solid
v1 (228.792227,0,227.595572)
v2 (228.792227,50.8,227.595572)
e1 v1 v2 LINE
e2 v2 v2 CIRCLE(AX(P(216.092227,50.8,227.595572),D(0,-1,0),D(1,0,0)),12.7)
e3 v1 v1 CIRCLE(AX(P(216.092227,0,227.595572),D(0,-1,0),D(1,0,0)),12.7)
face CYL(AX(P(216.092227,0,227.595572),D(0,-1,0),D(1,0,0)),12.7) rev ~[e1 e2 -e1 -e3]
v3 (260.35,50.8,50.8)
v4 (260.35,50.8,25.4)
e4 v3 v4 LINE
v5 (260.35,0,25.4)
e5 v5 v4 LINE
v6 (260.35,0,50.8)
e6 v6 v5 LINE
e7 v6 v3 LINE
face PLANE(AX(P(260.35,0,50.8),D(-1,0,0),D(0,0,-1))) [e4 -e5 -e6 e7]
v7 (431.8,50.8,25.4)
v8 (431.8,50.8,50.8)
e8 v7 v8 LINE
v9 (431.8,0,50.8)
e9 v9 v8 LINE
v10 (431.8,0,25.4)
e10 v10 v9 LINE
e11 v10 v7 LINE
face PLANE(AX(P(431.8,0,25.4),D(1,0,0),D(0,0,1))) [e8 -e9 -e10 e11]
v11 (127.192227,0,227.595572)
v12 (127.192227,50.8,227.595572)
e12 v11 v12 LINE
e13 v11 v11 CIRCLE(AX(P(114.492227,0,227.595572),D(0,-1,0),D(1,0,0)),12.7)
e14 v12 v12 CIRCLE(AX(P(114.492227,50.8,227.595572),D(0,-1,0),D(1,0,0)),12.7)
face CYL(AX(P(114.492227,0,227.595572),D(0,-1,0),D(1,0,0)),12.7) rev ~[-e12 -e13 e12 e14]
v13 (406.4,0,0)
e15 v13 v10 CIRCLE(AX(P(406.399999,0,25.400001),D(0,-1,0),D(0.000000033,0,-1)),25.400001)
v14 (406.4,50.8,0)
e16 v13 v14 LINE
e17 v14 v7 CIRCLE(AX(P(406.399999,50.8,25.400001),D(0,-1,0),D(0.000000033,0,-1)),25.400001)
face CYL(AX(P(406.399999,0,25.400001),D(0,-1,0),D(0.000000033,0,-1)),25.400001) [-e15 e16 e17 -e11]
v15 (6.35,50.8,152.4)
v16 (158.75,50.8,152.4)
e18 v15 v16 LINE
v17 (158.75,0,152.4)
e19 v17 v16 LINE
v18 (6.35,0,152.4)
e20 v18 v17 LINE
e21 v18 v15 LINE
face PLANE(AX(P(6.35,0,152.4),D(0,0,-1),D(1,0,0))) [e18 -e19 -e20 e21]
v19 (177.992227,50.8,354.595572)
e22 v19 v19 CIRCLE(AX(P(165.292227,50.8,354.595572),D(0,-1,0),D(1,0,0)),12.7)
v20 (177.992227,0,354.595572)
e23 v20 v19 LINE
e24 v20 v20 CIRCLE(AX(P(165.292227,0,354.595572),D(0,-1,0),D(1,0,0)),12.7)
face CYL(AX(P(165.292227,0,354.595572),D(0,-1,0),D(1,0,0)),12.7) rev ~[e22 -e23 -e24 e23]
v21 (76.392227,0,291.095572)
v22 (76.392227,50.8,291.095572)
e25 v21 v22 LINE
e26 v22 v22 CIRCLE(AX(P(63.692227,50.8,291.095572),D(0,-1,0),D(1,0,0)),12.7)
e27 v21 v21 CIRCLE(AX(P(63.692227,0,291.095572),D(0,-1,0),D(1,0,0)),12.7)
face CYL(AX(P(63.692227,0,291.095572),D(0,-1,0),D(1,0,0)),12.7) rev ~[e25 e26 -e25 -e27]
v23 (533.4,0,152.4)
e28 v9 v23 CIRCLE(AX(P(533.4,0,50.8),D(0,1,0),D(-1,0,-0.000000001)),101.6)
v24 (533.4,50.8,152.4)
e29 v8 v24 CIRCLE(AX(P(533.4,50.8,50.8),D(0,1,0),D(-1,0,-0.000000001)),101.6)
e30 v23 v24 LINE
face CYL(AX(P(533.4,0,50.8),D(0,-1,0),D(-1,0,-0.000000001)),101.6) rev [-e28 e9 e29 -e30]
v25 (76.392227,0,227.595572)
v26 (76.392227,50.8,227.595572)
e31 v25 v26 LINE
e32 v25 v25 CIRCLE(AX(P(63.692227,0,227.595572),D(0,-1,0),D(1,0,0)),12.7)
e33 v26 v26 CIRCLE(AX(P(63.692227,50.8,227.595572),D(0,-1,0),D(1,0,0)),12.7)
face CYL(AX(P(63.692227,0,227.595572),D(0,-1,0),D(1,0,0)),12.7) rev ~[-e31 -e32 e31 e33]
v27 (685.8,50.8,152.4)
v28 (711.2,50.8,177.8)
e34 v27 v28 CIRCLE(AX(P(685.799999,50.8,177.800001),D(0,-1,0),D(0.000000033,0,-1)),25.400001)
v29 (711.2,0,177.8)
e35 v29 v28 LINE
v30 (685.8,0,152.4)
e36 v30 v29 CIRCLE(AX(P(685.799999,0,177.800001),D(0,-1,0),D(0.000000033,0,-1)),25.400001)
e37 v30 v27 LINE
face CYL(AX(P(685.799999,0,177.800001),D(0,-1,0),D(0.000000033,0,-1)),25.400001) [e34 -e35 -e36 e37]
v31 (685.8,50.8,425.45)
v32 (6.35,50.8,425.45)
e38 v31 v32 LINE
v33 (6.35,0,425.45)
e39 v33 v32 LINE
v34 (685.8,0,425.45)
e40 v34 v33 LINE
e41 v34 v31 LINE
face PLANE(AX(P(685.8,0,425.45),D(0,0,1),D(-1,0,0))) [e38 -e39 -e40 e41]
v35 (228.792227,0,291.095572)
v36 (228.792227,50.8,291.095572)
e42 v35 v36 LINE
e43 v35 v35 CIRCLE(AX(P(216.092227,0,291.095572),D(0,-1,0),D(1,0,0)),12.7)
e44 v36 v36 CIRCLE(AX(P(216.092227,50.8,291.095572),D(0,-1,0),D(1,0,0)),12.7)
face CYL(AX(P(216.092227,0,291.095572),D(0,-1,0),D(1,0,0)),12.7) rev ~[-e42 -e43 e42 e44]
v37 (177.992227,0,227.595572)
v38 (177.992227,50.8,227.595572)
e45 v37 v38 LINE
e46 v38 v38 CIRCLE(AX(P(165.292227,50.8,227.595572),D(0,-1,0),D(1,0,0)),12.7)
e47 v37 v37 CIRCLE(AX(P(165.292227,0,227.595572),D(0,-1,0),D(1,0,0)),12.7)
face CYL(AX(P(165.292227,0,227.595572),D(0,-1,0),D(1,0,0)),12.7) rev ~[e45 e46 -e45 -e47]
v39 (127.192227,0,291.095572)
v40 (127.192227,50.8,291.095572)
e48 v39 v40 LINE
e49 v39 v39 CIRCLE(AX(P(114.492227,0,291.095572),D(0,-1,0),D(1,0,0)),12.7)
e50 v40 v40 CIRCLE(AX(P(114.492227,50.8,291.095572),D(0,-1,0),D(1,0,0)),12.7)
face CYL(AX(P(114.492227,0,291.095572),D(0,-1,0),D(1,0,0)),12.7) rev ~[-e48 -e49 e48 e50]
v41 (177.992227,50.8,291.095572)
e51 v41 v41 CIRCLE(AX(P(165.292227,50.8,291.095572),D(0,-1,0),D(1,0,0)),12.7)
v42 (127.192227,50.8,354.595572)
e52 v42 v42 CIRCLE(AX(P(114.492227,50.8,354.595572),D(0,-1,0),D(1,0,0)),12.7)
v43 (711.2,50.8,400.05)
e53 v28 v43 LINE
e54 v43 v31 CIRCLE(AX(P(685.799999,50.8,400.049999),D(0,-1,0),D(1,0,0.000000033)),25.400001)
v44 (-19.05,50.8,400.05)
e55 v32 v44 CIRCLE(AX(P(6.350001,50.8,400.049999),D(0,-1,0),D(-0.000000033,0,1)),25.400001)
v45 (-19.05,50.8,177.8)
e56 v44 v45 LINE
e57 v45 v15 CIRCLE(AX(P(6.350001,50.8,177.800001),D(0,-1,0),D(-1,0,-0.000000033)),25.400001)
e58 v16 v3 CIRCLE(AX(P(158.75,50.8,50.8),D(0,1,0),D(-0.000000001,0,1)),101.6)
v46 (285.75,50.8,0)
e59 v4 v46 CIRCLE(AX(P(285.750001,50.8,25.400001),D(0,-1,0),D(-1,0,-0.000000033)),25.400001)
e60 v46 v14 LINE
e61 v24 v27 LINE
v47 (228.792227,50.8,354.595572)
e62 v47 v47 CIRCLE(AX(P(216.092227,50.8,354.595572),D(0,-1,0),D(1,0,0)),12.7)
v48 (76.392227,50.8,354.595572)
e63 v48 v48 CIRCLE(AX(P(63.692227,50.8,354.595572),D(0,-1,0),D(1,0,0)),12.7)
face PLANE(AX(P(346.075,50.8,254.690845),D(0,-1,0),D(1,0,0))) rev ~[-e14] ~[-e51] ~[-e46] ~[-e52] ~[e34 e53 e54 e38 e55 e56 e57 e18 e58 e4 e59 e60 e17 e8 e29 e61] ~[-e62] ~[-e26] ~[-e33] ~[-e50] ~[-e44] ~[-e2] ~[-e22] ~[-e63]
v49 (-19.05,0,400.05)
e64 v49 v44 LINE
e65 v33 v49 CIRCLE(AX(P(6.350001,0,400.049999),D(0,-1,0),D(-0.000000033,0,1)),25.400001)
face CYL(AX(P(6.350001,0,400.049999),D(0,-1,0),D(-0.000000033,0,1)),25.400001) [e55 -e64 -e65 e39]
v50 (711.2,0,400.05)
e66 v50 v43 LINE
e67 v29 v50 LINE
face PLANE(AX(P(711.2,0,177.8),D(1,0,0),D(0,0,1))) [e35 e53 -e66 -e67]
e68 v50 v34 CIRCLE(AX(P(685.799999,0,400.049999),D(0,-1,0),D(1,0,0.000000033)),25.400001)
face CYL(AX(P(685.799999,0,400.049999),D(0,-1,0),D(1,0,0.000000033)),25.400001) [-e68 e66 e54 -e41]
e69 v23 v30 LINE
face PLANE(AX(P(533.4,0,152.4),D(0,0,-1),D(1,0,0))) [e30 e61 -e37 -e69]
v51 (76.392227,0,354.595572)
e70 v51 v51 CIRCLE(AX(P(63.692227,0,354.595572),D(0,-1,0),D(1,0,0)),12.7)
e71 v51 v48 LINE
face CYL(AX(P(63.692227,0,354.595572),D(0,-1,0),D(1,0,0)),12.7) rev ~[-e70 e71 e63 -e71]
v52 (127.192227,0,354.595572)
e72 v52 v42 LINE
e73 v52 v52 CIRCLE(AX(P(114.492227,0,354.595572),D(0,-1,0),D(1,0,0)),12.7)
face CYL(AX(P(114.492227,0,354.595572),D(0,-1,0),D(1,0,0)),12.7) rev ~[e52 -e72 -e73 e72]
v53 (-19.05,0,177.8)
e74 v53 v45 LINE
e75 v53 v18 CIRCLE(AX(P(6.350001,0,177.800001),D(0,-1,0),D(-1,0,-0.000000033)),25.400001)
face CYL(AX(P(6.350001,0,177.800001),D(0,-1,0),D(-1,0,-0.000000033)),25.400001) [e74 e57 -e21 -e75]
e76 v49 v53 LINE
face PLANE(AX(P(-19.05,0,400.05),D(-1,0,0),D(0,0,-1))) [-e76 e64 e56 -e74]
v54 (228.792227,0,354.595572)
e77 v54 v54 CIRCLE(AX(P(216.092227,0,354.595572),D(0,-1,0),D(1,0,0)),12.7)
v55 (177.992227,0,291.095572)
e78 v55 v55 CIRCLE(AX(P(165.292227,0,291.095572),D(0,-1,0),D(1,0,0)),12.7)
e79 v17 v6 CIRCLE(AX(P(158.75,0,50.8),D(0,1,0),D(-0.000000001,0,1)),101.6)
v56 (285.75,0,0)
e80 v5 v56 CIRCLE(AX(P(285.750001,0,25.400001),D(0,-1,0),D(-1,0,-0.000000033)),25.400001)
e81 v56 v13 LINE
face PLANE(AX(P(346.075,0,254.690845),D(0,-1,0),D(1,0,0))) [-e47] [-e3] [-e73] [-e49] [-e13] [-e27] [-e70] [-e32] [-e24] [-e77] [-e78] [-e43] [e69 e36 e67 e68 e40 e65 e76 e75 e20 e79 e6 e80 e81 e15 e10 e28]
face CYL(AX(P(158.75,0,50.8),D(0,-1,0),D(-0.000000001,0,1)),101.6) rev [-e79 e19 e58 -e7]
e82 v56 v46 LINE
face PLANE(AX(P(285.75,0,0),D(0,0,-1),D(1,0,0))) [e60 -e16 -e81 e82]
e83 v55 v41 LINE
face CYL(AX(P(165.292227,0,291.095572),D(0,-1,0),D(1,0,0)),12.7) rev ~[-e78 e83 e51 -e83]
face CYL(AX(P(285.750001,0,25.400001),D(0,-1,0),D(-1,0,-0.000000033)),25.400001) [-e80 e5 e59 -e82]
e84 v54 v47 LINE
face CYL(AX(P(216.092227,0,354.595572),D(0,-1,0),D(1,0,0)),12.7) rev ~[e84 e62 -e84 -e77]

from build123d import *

# Parameters (mm, degrees)
F0_R     = 12.7
F1_DEPTH = 50.8


with BuildPart() as f1:
    # F0 (on Front) → F1 (new body)
    with BuildSketch(Plane.XZ):
        with BuildLine():
            ThreePointArc((260.35, 25.4), (267.789488, 7.439488), (285.75, 0))
            Line((285.75, 0), (406.4, 0))
            ThreePointArc((406.4, 0), (424.360512, 7.439488), (431.8, 25.4))
            Line((431.8, 25.4), (431.8, 50.8))
            ThreePointArc((431.8, 50.8), (461.557951, 122.642049), (533.4, 152.4))
            Line((533.4, 152.4), (685.8, 152.4))
            ThreePointArc((685.8, 152.4), (703.760512, 159.839488), (711.2, 177.8))
            Line((711.2, 177.8), (711.2, 400.05))
            ThreePointArc((711.2, 400.05), (703.760512, 418.010512), (685.8, 425.45))
            Line((685.8, 425.45), (6.35, 425.45))
            ThreePointArc((6.35, 425.45), (-11.610512, 418.010512), (-19.05, 400.05))
            Line((-19.05, 400.05), (-19.05, 177.8))
            ThreePointArc((-19.05, 177.8), (-11.610512, 159.839488), (6.35, 152.4))
            Line((6.35, 152.4), (158.75, 152.4))
            ThreePointArc((158.75, 152.4), (230.592049, 122.642049), (260.35, 50.8))
            Line((260.35, 50.8), (260.35, 25.4))
        make_face()
        with Locations((63.692227, 227.595572)):
            Circle(F0_R, mode=Mode.SUBTRACT)
        with Locations((114.492227, 227.595572)):
            Circle(F0_R, mode=Mode.SUBTRACT)
        with Locations((63.692227, 291.095572)):
            Circle(F0_R, mode=Mode.SUBTRACT)
        with Locations((114.492227, 291.095572)):
            Circle(F0_R, mode=Mode.SUBTRACT)
        with Locations((165.292227, 227.595572)):
            Circle(F0_R, mode=Mode.SUBTRACT)
        with Locations((216.092227, 227.595572)):
            Circle(F0_R, mode=Mode.SUBTRACT)
        with Locations((165.292227, 291.095572)):
            Circle(F0_R, mode=Mode.SUBTRACT)
        with Locations((216.092227, 291.095572)):
            Circle(F0_R, mode=Mode.SUBTRACT)
        with Locations((63.692227, 354.595572)):
            Circle(F0_R, mode=Mode.SUBTRACT)
        with Locations((114.492227, 354.595572)):
            Circle(F0_R, mode=Mode.SUBTRACT)
        with Locations((165.292227, 354.595572)):
            Circle(F0_R, mode=Mode.SUBTRACT)
        with Locations((216.092227, 354.595572)):
            Circle(F0_R, mode=Mode.SUBTRACT)
    extrude(amount=-F1_DEPTH)


solid = f1.part
